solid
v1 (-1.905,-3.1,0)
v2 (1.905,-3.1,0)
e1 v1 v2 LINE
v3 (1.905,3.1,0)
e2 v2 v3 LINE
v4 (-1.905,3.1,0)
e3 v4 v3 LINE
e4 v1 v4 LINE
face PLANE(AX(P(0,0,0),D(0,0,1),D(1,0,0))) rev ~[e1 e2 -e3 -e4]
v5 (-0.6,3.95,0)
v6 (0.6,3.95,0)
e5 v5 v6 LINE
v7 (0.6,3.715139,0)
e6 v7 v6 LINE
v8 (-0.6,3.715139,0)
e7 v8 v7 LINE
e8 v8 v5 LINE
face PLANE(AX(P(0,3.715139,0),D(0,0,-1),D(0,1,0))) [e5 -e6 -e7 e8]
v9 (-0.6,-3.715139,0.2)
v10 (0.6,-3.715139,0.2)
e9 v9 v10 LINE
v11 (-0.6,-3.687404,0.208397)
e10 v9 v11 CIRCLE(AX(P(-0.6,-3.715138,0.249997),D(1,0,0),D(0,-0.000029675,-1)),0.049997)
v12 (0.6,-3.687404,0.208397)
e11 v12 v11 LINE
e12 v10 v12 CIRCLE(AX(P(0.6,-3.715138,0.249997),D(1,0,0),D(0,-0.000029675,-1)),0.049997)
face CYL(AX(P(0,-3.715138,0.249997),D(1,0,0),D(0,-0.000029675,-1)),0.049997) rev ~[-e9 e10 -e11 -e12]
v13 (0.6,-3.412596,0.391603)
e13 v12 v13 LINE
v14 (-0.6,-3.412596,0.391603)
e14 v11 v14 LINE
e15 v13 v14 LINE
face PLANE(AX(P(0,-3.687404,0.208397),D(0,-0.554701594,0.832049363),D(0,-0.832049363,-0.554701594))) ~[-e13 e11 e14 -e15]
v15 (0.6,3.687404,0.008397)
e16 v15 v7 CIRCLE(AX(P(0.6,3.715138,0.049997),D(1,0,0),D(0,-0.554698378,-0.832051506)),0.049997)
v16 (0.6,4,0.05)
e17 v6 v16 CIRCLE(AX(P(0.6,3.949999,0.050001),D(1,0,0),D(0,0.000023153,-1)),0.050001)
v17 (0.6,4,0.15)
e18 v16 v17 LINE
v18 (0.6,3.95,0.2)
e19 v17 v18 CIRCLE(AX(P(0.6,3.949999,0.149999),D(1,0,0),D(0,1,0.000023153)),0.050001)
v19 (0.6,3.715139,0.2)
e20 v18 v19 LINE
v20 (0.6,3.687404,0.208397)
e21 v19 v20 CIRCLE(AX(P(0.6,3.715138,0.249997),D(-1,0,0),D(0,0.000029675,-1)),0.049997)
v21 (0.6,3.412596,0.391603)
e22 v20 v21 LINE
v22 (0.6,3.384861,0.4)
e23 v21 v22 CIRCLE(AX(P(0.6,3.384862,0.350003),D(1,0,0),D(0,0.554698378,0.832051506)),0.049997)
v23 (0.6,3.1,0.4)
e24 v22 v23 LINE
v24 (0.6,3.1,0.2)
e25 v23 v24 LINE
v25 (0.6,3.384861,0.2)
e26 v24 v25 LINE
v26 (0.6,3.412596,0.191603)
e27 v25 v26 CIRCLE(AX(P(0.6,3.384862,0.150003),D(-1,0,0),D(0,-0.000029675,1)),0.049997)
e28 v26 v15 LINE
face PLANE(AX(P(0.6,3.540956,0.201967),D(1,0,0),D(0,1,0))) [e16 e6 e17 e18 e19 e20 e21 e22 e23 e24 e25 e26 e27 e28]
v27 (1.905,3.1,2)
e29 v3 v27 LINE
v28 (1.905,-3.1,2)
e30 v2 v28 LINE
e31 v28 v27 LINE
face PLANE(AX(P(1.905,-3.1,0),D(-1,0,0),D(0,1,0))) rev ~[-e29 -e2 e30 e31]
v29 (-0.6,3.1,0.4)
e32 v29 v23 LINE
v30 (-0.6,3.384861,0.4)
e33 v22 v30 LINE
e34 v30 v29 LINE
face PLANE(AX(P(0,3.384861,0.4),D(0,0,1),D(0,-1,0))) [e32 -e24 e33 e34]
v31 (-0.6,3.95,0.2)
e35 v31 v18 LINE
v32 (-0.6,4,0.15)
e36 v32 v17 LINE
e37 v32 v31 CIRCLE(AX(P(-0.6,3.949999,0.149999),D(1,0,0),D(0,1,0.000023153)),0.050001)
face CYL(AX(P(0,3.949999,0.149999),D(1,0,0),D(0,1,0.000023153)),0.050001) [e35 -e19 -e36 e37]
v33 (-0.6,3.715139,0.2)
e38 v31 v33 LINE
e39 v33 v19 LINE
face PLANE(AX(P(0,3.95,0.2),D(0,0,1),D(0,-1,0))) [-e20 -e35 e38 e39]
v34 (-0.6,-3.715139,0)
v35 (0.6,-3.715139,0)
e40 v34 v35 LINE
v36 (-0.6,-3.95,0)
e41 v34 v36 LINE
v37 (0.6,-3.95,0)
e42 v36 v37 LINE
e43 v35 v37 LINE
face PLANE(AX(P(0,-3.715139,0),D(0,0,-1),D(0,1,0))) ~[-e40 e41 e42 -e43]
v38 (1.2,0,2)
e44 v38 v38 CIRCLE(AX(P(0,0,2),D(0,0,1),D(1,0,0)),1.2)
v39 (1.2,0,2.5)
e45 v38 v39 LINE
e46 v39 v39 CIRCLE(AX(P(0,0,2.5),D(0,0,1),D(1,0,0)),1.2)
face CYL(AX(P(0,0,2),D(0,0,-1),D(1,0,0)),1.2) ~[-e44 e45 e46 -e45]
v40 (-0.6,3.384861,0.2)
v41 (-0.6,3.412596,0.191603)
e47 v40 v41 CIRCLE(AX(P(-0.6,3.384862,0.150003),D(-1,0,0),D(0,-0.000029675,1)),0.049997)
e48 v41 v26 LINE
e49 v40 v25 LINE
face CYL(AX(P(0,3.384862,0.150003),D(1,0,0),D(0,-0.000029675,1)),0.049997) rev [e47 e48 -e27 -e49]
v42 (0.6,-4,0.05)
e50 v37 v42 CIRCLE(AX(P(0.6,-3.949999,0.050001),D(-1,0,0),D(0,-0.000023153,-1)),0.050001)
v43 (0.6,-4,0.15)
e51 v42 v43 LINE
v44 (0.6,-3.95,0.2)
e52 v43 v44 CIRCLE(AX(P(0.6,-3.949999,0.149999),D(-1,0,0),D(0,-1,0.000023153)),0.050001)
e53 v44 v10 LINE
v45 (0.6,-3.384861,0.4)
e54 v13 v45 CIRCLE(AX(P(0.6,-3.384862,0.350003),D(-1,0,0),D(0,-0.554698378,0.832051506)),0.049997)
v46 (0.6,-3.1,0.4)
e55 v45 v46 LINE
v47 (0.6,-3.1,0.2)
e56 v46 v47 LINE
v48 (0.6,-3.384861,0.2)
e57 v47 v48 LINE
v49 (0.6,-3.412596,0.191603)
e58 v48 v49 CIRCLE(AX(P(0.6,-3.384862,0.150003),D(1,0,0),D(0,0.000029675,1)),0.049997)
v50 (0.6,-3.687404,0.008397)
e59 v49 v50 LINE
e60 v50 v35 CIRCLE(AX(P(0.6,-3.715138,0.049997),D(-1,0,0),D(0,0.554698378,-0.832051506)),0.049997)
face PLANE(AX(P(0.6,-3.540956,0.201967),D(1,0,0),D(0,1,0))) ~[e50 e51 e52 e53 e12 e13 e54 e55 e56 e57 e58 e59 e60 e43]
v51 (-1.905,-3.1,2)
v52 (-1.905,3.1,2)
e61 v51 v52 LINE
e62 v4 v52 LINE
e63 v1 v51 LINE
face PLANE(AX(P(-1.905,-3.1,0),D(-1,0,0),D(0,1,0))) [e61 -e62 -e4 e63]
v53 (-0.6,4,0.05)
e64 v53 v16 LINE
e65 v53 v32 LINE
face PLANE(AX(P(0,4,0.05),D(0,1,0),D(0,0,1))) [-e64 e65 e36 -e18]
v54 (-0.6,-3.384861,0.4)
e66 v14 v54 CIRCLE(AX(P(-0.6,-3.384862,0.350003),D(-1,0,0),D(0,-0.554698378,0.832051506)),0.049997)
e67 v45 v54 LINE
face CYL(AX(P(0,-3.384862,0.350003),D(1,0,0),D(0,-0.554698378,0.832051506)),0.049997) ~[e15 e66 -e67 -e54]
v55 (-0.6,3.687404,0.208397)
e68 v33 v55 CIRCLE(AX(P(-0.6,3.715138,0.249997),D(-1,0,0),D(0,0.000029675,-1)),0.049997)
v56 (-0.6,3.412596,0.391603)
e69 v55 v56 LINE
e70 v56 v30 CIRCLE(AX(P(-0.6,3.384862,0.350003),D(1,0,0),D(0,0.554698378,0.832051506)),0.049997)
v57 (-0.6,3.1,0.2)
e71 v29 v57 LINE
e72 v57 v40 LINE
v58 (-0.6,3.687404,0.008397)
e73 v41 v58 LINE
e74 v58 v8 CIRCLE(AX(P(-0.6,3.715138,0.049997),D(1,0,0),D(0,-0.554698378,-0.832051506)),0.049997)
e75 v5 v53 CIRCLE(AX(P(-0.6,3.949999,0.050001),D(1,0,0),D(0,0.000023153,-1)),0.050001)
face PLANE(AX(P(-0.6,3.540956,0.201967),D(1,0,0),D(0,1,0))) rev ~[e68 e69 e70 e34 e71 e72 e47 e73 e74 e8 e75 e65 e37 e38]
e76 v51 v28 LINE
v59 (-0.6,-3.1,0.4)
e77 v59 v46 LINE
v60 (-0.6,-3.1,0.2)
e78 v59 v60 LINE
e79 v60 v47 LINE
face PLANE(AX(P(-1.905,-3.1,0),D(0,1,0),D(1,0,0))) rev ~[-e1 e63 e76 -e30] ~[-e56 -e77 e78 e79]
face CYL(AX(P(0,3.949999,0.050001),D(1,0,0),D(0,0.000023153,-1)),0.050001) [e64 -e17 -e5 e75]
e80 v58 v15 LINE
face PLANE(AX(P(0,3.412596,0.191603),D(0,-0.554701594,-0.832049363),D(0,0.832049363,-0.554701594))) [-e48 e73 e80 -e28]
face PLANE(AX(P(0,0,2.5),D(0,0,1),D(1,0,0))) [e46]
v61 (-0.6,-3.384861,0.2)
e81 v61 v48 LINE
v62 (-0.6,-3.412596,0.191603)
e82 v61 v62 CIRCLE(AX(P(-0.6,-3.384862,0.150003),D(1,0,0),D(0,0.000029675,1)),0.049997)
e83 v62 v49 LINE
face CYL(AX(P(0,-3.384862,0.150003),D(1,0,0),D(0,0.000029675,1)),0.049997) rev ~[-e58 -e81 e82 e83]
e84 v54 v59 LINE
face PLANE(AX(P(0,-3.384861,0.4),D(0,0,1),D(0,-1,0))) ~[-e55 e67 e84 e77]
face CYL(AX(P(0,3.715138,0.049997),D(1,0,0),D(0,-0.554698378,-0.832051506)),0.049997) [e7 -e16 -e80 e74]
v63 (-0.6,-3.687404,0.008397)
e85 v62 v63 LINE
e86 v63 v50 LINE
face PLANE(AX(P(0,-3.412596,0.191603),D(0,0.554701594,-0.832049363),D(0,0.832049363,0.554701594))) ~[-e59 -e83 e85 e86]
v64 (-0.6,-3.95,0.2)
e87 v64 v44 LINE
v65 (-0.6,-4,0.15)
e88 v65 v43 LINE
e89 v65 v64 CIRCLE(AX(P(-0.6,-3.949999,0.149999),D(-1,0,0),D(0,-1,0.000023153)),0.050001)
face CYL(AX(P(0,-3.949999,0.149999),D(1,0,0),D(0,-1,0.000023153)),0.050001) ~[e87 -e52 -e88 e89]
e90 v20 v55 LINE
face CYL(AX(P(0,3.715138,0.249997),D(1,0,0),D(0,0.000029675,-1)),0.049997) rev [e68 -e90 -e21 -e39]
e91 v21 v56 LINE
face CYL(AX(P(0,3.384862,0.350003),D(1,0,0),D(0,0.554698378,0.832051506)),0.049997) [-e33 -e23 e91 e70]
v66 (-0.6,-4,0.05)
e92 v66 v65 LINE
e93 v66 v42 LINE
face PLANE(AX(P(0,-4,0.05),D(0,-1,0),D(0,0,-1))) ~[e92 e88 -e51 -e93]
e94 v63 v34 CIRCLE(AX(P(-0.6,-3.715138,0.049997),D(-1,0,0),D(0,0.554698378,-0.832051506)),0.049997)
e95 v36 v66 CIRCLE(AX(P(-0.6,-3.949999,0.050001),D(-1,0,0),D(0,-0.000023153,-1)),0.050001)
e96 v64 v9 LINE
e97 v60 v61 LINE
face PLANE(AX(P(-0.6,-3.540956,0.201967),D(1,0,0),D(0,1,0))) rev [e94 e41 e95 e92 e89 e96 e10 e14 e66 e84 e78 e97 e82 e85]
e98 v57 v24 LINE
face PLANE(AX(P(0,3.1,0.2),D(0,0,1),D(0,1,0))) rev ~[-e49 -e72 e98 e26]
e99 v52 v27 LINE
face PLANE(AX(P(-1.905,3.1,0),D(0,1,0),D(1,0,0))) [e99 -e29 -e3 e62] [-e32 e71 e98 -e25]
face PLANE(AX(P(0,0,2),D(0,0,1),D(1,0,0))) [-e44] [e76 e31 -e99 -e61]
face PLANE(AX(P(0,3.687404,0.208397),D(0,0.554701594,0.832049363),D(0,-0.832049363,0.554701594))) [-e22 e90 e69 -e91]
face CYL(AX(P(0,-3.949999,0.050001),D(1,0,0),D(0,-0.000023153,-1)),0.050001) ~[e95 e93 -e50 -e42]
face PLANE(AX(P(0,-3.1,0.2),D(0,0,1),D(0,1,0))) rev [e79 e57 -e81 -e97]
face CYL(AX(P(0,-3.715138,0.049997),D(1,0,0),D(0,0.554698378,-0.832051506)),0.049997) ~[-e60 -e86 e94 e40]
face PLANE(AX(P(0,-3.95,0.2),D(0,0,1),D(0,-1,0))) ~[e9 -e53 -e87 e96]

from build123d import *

# Parameters (mm, degrees)
F0_W          = 3.81
F0_H          = 6.2
F1_DEPTH      = 2
F2_R          = 1.2
F3_DEPTH      = 0.5
F5_DEPTH      = 0.6
F5_DEPTH_BACK = 0.6


with BuildPart() as f1:
    # F0 (on Top) → F1 (new body)
    with BuildSketch(Plane.XY):
        Rectangle(F0_W, F0_H)
    extrude(amount=F1_DEPTH)

    # F2 (on face) → F3 (join)
    with BuildSketch(Plane.XY.offset(2)):
        Circle(F2_R)
    extrude(amount=F3_DEPTH)

    # F4 (on Right) → F5 (join, two sides)
    with BuildSketch(Plane.YZ) as f5_sk:
        with BuildLine():
            Line((3.384861, 0.4), (3.1, 0.4))
            Line((3.1, 0.4), (3.1, 0.2))
            Line((3.1, 0.2), (3.384861, 0.2))
            ThreePointArc((3.384861, 0.2), (3.39935, 0.197855), (3.412596, 0.191603))
            Line((3.412596, 0.191603), (3.687404, 0.008397))
            ThreePointArc((3.687404, 0.008397), (3.70065, 0.002145), (3.715139, 0))
            Line((3.715139, 0), (3.95, 0))
            ThreePointArc((3.95, 0), (3.985355, 0.014645), (4, 0.05))
            Line((4, 0.05), (4, 0.15))
            ThreePointArc((4, 0.15), (3.985355, 0.185355), (3.95, 0.2))
            Line((3.95, 0.2), (3.715139, 0.2))
            ThreePointArc((3.715139, 0.2), (3.70065, 0.202145), (3.687404, 0.208397))
            Line((3.687404, 0.208397), (3.412596, 0.391603))
            ThreePointArc((3.412596, 0.391603), (3.39935, 0.397855), (3.384861, 0.4))
        make_face()
    extrude(amount=F5_DEPTH)
    extrude(f5_sk.sketch, amount=-F5_DEPTH_BACK)

    # F6: F1 across plane


with BuildPart() as f1_1:
    add(f1.part)
    add(f1.part.mirror(Plane.XZ))


solid = f1_1.part
